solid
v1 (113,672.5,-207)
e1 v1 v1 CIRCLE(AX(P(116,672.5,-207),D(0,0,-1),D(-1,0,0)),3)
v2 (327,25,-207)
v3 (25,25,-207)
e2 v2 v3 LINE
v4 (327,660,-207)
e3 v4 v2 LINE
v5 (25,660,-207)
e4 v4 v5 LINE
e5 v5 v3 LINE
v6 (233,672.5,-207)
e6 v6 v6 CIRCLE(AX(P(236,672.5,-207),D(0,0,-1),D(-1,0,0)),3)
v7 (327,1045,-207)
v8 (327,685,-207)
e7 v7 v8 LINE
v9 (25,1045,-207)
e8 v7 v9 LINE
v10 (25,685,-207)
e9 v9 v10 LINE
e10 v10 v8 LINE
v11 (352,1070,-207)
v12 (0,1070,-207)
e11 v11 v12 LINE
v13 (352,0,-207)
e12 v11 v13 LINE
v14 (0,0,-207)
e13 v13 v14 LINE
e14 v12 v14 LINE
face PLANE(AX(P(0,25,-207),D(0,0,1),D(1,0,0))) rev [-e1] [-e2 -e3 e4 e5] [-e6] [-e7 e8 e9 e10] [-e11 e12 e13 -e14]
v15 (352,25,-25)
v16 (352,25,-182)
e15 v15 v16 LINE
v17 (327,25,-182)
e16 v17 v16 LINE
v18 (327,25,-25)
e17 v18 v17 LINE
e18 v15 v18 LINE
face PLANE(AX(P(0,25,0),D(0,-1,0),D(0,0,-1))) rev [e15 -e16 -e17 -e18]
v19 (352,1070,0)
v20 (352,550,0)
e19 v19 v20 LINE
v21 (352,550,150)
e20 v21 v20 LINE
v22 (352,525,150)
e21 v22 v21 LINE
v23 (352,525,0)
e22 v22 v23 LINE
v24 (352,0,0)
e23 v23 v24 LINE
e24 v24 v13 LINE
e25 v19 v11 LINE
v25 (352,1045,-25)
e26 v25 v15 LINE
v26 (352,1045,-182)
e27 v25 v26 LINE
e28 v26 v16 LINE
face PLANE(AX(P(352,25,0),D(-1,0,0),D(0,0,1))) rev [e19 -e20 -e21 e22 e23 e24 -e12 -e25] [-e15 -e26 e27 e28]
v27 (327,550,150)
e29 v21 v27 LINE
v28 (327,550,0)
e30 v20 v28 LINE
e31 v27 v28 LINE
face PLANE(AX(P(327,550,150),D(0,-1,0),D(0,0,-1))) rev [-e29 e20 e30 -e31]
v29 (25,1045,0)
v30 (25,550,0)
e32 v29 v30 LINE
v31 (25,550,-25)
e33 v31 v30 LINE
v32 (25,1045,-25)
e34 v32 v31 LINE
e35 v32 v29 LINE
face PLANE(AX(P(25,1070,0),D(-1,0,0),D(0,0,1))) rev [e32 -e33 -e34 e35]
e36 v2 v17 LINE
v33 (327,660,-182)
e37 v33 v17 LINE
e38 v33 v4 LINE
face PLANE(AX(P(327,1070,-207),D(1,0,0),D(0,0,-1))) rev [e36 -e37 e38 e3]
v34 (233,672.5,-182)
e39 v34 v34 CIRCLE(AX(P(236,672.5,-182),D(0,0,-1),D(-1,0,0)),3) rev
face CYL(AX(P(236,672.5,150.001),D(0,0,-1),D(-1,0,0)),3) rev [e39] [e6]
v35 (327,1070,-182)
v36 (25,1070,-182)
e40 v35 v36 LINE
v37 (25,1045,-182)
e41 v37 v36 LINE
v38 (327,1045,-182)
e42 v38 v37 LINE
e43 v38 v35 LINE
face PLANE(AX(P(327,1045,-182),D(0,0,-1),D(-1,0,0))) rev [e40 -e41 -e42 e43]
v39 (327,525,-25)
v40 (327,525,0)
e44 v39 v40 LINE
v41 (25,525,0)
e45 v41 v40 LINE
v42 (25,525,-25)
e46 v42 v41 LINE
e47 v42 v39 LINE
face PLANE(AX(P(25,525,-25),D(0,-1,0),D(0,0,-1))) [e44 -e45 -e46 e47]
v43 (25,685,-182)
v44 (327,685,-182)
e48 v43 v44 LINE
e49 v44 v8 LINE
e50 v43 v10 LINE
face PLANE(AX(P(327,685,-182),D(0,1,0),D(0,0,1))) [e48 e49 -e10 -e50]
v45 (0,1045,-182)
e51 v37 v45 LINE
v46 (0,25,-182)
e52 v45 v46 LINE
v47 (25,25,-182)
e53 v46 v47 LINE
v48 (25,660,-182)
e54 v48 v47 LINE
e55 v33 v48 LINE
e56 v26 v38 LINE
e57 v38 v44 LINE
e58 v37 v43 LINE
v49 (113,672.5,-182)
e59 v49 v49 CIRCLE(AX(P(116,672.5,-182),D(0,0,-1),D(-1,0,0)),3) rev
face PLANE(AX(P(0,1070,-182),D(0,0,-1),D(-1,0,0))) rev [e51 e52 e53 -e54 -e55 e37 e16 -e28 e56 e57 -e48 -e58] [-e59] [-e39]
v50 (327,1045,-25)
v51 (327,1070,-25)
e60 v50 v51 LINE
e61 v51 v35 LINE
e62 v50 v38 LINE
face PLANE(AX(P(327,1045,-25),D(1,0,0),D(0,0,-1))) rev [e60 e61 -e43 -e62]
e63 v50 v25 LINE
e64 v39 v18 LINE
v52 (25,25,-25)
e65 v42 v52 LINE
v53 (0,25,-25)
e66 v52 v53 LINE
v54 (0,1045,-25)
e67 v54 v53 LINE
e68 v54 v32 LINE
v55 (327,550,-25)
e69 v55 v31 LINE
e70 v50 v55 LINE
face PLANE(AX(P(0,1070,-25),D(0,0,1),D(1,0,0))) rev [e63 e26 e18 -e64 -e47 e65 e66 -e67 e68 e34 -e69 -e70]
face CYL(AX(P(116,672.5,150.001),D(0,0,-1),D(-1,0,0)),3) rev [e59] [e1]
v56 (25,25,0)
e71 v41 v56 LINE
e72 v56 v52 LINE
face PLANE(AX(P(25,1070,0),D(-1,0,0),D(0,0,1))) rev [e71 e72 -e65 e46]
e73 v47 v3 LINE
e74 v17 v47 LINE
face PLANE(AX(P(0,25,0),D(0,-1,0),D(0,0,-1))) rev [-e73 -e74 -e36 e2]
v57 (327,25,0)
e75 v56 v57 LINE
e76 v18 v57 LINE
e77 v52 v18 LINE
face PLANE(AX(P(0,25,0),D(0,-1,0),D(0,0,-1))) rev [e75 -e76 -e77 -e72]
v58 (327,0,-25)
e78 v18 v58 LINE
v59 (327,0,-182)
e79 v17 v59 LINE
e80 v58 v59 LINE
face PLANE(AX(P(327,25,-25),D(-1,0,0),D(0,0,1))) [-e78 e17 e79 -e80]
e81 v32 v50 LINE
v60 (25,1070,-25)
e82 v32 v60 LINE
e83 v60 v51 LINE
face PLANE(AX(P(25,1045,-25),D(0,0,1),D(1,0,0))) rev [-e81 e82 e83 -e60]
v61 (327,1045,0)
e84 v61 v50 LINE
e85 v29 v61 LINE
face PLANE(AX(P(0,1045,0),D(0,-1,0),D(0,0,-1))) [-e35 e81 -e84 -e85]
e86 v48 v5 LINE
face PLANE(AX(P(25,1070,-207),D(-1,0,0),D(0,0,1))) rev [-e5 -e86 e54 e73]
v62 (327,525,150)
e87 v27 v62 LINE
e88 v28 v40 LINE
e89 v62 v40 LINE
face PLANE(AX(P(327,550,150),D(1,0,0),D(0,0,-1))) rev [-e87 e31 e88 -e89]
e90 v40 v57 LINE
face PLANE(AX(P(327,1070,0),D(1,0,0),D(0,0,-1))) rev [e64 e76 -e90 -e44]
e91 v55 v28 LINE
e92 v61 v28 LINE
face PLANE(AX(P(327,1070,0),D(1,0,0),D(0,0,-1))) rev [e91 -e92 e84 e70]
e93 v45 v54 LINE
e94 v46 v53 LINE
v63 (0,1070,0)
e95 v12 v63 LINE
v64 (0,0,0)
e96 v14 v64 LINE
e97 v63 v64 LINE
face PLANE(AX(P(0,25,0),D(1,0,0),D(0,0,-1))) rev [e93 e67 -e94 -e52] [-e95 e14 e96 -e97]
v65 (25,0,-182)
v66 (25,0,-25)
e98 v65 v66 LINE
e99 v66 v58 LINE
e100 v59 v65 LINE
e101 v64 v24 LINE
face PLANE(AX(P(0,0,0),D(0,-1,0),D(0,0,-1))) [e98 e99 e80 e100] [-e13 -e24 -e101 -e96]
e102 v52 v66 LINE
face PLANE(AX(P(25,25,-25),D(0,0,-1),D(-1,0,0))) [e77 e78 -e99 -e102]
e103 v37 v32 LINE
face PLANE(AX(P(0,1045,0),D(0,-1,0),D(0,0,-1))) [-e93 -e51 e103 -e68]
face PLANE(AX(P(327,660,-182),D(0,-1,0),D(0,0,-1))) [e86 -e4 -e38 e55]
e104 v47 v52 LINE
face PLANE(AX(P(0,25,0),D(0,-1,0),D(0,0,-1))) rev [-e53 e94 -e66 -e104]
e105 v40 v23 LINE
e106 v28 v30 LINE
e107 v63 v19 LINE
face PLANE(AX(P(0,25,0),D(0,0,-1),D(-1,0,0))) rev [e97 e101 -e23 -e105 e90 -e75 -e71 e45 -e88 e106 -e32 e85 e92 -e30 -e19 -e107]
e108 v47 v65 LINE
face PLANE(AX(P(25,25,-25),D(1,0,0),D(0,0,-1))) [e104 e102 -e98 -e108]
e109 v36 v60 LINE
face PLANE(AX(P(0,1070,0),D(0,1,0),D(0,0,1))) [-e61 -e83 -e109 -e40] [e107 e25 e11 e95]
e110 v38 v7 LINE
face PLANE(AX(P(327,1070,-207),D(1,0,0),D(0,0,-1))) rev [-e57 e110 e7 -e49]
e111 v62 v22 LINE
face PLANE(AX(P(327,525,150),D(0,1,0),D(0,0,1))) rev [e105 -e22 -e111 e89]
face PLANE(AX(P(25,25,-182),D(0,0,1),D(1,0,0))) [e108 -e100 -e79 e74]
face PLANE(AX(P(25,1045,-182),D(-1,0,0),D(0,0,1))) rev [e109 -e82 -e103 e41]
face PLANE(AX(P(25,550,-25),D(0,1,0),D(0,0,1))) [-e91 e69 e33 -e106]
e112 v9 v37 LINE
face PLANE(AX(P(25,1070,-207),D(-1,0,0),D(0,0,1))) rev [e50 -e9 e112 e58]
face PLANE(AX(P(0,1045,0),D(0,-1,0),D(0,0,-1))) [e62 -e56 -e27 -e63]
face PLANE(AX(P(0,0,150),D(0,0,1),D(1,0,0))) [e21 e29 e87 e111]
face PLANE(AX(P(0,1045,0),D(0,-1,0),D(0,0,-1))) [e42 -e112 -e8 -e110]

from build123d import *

# Parameters (mm, degrees)
SKETCH_1_W          = 352
SKETCH_1_H          = 207
SKETCH_1_W_2        = 302
SKETCH_1_H_2        = 157
EXTRUDE_1_DEPTH     = 25
SKETCH_2_W          = 25
SKETCH_2_H          = 25
EXTRUDE_2_DEPTH     = 1045
SKETCH_3_W          = 352
SKETCH_3_H          = 207
SKETCH_3_W_2        = 302
SKETCH_3_H_2        = 157
EXTRUDE_3_DEPTH     = 25
EXTRUDE_START       = -25
SKETCH_4_W          = 302
SKETCH_4_H          = 25
EXTRUDE_4_DEPTH     = 25
SKETCH_5_W          = 302
SKETCH_5_H          = 25
EXTRUDE_5_DEPTH     = 25
SKETCH_6_W          = 25
SKETCH_6_H          = 25
EXTRUDE_6_DEPTH     = 150
CUT_EXTRUDE_1_REACH = 359
SKETCH_7_R          = 3


with BuildPart() as part:
    # Эскиз1 → Бобышка-Вытянуть1 (new body)
    with BuildSketch(Plane(origin=(0, 0, 0), x_dir=(1, 0, 0), z_dir=(0, 1, 0))):
        with Locations((176, 103.5)):
            Rectangle(SKETCH_1_W, SKETCH_1_H)
        with Locations((176, 103.5)):
            Rectangle(SKETCH_1_W_2, SKETCH_1_H_2, mode=Mode.SUBTRACT)
    extrude(amount=EXTRUDE_1_DEPTH)

    # Эскиз2 → Бобышка-Вытянуть2 (add)
    with BuildSketch(Plane(origin=(0, 25, 0), x_dir=(1, 0, 0), z_dir=(0, 1, 0))):
        with Locations((12.5, 194.5)):
            Rectangle(SKETCH_2_W, SKETCH_2_H)
        with Locations((12.5, 12.5)):
            Rectangle(SKETCH_2_W, SKETCH_2_H)
        with Locations((339.5, 12.5)):
            Rectangle(SKETCH_2_W, SKETCH_2_H)
        with Locations((339.5, 194.5)):
            Rectangle(SKETCH_2_W, SKETCH_2_H)
    extrude(amount=EXTRUDE_2_DEPTH)

    # Эскиз3 → Бобышка-Вытянуть3 (add)
    with BuildSketch(Plane(origin=(0, 1070, 0), x_dir=(1, 0, 0), z_dir=(0, 1, 0))):
        with Locations((176, 103.5)):
            Rectangle(SKETCH_3_W, SKETCH_3_H)
        with Locations((176, 103.5)):
            Rectangle(SKETCH_3_W_2, SKETCH_3_H_2, mode=Mode.SUBTRACT)
    extrude(amount=-EXTRUDE_3_DEPTH)

    # Эскиз4 → Бобышка-Вытянуть4 (add)
    with BuildSketch(Plane(origin=(0, 0, -207), x_dir=(-1, 0, 0), z_dir=(0, 0, -1)).offset(EXTRUDE_START)):
        with Locations((-176, 672.5)):
            Rectangle(SKETCH_4_W, SKETCH_4_H)
    extrude(amount=EXTRUDE_4_DEPTH)

    # Эскиз5 → Бобышка-Вытянуть5 (add)
    with BuildSketch(Plane.XY.offset(EXTRUDE_START)):
        with Locations((176, 537.5)):
            Rectangle(SKETCH_5_W, SKETCH_5_H)
    extrude(amount=EXTRUDE_5_DEPTH)

    # Эскиз6 → Бобышка-Вытянуть6 (add)
    with BuildSketch(Plane.XY):
        with Locations((339.5, 537.5)):
            Rectangle(SKETCH_6_W, SKETCH_6_H)
    extrude(amount=EXTRUDE_6_DEPTH)

    # Эскиз7 → Вырез-Вытянуть1 (cut, up to next)
    with BuildSketch(Plane(origin=(0, 0, -207), x_dir=(-1, 0, 0), z_dir=(0, 0, -1)), mode=Mode.PRIVATE) as cut_extrude_1_sk1:
        with Locations((-236, 672.5)):
            Circle(SKETCH_7_R)
    cut_extrude_1_tool1 = extrude(cut_extrude_1_sk1.sketch, amount=-CUT_EXTRUDE_1_REACH, mode=Mode.PRIVATE) & part.part
    add(cut_extrude_1_tool1.solids().sort_by_distance((236, 672.5, -207))[0], mode=Mode.SUBTRACT)
    # Эскиз7 → Вырез-Вытянуть1 (cut, up to next)
    with BuildSketch(Plane(origin=(0, 0, -207), x_dir=(-1, 0, 0), z_dir=(0, 0, -1)), mode=Mode.PRIVATE) as cut_extrude_1_sk2:
        with Locations((-116, 672.5)):
            Circle(SKETCH_7_R)
    cut_extrude_1_tool2 = extrude(cut_extrude_1_sk2.sketch, amount=-CUT_EXTRUDE_1_REACH, mode=Mode.PRIVATE) & part.part
    add(cut_extrude_1_tool2.solids().sort_by_distance((116, 672.5, -207))[0], mode=Mode.SUBTRACT)


solid = part.part
